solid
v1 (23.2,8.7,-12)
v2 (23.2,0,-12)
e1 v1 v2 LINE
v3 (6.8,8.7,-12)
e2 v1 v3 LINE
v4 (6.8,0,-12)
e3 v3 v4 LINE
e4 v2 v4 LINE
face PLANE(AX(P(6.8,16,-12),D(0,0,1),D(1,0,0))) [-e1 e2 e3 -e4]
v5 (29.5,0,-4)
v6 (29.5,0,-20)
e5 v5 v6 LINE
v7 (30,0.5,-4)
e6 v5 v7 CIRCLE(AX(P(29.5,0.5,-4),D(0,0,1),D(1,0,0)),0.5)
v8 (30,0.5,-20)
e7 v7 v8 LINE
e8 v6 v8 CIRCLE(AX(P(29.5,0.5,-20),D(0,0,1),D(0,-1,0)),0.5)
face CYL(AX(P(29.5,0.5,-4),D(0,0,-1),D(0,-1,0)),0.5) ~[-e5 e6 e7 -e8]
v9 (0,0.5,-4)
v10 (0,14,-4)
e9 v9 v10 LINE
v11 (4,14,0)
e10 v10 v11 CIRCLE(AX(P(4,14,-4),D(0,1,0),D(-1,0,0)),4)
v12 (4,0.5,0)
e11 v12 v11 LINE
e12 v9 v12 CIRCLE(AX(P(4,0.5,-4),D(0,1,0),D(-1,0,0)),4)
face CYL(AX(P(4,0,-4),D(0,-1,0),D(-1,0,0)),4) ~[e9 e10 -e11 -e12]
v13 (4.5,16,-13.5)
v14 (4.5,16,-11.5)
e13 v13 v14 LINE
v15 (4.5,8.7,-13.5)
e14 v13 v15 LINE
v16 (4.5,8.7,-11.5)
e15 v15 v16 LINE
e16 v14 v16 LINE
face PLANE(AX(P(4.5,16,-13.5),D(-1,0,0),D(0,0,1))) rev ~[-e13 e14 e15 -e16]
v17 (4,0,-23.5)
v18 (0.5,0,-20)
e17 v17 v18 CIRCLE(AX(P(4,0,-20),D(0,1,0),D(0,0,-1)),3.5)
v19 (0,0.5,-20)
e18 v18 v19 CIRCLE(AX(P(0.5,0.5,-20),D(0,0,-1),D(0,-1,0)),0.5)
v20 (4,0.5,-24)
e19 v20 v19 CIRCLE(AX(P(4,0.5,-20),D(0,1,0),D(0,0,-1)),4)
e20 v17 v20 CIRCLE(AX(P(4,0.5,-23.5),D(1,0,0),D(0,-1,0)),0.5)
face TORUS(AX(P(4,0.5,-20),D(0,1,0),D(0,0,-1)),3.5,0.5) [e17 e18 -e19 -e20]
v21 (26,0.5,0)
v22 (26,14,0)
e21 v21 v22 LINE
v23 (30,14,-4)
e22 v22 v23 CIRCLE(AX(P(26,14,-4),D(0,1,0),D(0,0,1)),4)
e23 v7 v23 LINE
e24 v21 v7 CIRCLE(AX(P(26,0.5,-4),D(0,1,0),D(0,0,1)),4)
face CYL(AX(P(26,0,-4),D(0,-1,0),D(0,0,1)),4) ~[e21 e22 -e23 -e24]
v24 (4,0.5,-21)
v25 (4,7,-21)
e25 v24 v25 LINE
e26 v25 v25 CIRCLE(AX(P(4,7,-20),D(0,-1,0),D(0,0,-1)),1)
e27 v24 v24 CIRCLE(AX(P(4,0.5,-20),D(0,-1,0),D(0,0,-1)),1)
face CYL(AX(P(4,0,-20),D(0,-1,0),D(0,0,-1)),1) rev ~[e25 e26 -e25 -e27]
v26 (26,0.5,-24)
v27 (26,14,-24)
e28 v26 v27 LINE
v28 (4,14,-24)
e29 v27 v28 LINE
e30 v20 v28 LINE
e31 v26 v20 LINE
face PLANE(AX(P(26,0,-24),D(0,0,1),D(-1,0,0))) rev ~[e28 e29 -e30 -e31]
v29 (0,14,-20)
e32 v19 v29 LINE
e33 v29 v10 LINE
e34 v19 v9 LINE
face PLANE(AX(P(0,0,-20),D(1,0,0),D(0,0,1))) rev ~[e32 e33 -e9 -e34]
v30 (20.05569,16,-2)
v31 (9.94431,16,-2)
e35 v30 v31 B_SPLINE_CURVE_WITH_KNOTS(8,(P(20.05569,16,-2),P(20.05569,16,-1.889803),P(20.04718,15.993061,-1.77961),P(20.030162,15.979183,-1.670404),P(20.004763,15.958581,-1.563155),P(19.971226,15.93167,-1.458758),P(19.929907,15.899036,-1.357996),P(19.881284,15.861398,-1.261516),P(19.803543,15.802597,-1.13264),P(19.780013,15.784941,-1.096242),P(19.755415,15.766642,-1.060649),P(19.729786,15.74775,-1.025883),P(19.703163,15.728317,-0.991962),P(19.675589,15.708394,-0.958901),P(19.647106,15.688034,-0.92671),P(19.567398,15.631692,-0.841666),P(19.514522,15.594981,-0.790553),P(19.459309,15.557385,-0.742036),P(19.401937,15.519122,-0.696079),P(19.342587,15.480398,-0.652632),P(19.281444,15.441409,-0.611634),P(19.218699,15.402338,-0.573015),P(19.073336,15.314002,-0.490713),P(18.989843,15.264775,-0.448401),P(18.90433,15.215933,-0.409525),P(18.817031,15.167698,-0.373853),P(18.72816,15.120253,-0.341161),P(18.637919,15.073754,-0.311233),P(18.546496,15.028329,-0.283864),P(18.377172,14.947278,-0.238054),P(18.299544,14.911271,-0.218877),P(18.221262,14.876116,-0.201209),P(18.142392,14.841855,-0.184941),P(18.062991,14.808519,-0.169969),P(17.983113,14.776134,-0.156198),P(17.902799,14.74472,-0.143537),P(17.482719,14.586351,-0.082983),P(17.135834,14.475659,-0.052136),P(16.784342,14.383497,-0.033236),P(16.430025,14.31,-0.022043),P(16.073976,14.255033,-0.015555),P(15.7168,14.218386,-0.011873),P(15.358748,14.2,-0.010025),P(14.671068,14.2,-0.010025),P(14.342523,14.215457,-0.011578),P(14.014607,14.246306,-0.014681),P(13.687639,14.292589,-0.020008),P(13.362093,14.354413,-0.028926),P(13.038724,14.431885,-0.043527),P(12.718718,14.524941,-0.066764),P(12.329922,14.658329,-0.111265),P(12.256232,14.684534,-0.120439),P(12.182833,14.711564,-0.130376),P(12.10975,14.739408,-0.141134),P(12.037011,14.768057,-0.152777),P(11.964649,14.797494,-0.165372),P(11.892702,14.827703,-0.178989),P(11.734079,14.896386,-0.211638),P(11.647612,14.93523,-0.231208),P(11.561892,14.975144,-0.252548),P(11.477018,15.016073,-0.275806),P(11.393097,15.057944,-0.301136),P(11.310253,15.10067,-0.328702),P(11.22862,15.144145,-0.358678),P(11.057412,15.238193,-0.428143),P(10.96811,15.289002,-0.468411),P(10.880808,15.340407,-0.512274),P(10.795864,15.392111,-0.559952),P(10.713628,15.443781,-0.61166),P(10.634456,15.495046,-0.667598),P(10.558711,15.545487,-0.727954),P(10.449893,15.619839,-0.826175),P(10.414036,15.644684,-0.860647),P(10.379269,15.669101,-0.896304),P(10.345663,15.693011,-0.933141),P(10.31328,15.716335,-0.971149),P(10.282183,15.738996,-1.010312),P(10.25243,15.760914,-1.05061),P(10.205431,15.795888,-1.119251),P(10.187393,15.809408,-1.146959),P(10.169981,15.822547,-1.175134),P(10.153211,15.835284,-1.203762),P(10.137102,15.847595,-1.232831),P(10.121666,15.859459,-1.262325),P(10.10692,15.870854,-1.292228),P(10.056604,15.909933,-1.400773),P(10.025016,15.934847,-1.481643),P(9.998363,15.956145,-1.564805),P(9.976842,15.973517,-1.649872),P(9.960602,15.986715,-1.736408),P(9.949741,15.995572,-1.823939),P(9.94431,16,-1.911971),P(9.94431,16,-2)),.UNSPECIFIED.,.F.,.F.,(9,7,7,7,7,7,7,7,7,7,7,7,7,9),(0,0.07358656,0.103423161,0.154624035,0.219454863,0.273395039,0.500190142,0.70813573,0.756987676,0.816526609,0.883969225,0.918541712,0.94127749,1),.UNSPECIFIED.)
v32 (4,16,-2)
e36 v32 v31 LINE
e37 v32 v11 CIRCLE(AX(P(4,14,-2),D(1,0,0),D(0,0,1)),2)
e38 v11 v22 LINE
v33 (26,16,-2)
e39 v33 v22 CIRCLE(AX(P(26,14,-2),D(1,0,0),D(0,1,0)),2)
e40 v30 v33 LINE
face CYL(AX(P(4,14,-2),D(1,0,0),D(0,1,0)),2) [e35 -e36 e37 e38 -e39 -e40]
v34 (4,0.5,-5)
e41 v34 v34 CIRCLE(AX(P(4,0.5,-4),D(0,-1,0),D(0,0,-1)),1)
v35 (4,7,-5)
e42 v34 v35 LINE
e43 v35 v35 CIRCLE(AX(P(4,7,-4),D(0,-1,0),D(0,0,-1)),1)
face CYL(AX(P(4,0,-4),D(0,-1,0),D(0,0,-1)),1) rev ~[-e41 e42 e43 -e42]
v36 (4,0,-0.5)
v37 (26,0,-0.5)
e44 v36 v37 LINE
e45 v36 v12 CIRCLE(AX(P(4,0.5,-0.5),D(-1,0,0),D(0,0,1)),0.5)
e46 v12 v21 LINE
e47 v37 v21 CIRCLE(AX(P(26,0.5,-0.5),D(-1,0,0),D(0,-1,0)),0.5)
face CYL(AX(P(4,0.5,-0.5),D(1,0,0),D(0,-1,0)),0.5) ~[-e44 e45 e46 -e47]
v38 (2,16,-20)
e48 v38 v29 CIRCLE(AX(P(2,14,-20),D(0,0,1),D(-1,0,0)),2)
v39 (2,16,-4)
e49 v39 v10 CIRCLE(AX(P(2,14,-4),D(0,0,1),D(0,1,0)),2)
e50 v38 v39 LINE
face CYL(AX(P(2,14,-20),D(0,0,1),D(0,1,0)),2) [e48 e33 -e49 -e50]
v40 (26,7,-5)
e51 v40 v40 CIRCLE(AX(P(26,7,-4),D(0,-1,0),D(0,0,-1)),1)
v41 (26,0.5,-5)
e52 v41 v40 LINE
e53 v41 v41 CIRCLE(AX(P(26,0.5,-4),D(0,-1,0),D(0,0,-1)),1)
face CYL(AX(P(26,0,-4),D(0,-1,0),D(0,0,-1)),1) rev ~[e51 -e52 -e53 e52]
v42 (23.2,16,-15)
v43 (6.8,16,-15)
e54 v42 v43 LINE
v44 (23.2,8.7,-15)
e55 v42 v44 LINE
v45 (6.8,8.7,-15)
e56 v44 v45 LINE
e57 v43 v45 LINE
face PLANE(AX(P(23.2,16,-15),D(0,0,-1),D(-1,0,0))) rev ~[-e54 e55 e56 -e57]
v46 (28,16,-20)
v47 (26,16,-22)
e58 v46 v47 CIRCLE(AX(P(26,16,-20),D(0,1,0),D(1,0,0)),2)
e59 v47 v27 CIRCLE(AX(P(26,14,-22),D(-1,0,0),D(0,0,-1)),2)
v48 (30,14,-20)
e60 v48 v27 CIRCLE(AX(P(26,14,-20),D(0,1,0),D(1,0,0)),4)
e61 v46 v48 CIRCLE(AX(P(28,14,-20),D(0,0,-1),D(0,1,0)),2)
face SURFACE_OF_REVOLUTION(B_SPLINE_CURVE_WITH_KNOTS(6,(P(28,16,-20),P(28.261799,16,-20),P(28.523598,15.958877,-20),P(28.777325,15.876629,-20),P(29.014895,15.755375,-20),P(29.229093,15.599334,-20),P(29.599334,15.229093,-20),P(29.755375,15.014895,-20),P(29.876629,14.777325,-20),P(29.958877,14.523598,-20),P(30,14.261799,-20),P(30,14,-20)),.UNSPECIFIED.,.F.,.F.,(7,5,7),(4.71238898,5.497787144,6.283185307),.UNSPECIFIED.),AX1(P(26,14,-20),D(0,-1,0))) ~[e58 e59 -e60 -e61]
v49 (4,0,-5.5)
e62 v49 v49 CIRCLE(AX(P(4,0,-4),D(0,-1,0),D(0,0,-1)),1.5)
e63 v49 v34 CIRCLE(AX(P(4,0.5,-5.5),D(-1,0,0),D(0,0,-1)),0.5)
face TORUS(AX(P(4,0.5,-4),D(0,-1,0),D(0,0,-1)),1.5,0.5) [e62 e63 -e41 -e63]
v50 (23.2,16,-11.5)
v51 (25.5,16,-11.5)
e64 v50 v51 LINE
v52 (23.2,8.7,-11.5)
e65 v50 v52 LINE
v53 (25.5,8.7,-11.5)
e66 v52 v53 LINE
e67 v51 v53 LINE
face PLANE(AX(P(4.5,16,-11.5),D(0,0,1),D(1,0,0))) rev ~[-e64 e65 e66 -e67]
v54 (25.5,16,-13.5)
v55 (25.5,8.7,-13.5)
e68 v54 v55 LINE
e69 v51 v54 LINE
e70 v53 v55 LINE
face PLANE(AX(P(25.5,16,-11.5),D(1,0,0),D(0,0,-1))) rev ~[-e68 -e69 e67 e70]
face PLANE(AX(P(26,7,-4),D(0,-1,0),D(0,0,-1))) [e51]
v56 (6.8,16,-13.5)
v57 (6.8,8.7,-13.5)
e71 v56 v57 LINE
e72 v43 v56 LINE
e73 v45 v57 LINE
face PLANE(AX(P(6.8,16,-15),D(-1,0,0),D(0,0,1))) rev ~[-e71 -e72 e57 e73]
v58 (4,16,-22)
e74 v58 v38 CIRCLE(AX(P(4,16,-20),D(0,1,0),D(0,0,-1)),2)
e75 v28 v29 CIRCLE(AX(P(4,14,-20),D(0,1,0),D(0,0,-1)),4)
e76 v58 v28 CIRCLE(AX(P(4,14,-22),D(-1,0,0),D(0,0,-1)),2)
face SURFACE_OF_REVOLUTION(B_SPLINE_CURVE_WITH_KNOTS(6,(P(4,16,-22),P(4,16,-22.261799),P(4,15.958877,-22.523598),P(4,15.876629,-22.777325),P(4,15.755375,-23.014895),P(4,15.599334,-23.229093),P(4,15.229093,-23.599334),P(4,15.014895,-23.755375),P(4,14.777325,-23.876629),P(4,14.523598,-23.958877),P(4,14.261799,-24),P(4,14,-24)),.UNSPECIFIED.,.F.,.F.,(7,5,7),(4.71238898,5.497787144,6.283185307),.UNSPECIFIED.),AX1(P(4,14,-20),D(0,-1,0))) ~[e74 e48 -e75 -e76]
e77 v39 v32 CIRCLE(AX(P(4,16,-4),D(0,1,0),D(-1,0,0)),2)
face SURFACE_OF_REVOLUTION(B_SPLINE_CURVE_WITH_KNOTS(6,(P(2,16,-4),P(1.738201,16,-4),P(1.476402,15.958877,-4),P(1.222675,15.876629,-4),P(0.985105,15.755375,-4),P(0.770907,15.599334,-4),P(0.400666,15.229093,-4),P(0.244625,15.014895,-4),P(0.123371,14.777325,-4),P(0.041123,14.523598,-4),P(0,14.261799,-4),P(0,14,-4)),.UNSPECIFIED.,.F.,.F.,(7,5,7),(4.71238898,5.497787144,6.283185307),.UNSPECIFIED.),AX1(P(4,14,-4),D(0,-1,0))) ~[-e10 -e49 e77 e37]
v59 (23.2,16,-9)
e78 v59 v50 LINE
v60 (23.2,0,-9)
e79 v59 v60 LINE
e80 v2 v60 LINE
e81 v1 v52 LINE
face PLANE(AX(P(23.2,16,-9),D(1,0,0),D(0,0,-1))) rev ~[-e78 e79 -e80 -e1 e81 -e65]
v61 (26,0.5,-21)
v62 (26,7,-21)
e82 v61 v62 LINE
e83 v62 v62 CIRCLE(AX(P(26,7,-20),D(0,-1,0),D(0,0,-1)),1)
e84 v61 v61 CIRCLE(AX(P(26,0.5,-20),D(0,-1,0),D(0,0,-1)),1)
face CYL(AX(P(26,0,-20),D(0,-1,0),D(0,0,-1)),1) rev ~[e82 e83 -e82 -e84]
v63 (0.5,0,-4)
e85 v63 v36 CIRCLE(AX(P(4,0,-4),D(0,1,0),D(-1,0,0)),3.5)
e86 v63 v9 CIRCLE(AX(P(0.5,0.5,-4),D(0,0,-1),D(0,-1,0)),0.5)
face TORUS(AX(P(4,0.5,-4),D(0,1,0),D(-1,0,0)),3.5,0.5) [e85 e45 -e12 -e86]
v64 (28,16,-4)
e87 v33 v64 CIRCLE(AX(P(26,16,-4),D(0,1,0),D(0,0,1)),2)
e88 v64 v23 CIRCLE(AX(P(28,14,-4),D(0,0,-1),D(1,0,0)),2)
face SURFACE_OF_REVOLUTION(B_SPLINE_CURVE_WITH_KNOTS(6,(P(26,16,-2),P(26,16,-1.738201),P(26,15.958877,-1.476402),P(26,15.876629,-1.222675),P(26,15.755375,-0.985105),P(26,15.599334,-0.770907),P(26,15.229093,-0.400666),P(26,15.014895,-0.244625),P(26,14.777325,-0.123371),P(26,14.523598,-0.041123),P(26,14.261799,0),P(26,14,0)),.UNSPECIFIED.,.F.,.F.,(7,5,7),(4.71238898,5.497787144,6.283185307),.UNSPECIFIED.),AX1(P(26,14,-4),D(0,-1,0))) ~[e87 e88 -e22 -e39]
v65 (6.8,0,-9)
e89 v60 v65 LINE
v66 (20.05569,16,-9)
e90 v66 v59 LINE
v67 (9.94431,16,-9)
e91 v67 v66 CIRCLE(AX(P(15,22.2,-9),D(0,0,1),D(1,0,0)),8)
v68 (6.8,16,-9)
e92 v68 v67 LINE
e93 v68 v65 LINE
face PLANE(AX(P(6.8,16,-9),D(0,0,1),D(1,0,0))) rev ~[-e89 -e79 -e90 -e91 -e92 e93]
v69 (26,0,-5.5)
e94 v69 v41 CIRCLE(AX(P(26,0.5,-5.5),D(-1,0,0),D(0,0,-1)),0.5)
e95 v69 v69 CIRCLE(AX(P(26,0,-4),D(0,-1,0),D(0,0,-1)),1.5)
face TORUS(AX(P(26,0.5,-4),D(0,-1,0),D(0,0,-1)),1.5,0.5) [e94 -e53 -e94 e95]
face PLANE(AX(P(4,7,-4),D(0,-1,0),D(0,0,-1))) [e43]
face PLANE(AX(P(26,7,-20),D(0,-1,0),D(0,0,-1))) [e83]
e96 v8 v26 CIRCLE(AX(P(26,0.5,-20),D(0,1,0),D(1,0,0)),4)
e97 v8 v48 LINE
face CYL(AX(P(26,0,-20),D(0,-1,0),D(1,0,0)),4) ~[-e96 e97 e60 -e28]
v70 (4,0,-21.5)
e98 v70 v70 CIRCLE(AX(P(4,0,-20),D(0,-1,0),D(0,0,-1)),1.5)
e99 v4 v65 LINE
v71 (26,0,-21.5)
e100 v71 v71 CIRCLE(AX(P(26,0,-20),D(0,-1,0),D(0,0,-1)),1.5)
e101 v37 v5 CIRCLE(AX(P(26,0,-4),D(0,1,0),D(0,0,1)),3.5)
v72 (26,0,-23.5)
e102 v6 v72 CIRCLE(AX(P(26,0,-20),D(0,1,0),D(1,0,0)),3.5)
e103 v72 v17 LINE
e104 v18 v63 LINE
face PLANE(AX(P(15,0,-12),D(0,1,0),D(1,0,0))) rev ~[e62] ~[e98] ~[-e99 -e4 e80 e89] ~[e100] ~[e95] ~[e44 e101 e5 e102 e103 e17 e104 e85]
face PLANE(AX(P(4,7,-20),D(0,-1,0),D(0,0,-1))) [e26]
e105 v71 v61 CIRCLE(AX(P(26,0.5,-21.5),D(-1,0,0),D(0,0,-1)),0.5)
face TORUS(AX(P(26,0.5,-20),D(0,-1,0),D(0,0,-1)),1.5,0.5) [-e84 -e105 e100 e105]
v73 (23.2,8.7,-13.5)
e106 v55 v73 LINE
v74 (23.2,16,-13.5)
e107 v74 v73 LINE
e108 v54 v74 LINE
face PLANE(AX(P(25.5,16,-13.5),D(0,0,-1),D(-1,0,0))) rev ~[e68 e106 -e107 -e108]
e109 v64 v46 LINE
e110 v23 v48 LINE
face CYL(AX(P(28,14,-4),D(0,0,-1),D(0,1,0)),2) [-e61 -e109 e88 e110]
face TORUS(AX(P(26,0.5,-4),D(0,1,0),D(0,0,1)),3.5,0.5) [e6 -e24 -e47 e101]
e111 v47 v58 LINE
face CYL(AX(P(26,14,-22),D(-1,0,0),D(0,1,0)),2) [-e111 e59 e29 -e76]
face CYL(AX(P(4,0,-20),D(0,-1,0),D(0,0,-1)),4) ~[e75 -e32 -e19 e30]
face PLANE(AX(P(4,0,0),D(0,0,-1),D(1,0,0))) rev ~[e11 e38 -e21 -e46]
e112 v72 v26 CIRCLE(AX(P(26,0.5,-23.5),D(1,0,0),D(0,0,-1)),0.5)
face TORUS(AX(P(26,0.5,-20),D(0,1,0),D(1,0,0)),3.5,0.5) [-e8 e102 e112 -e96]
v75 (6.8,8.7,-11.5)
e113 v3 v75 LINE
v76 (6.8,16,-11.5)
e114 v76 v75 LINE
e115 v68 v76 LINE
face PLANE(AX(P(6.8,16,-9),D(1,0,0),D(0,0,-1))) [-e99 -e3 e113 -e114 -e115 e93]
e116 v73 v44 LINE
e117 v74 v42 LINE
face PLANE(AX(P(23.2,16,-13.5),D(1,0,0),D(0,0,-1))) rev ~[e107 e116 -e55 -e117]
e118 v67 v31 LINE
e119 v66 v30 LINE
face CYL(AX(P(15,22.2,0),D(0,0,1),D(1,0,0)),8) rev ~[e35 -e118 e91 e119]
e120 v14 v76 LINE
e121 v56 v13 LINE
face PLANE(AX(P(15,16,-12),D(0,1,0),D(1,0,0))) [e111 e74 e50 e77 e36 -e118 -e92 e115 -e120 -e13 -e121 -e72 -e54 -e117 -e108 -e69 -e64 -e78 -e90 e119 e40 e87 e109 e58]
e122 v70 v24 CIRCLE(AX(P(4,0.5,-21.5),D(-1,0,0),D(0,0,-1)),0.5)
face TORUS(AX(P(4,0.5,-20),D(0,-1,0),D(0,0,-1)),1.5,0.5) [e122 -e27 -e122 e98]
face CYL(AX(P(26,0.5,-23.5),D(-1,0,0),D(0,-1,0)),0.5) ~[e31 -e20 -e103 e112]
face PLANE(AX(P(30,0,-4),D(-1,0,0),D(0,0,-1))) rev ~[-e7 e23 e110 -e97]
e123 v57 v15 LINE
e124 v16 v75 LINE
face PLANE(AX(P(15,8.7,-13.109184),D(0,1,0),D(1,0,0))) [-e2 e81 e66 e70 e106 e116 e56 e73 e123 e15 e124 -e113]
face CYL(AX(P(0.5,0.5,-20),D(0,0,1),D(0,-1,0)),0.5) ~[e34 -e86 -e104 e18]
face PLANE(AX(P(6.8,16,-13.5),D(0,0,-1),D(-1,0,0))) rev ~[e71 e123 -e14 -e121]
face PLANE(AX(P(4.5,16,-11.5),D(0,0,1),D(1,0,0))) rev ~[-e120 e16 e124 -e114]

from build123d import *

# Parameters (mm, degrees)
EXTRUDE_1_DEPTH     = 16
SKETCH_6_R          = 1
CUT_EXTRUDE_5_DEPTH = 7
FILLET_2_R          = 0.5
FILLET_1_R          = 2
CUT_EXTRUDE_1_REACH = 43.617
SKETCH_3_W          = 16.4
SKETCH_3_H          = 3
CUT_EXTRUDE_6_DEPTH = 7.3
CUT_EXTRUDE_7_REACH = 43.617
SKETCH_8_R          = 8


with BuildPart() as part:
    # Эскиз1 → Бобышка-Вытянуть1 (new body)
    with BuildSketch(Plane(origin=(0, 0, 0), x_dir=(1, 0, 0), z_dir=(0, 1, 0))):
        with BuildLine():
            Line((4, 0), (26, 0))
            ThreePointArc((26, 0), (28.828427125, 1.171572875), (30, 4))
            Line((30, 4), (30, 20))
            ThreePointArc((30, 20), (28.828427125, 22.828427125), (26, 24))
            Line((26, 24), (4, 24))
            ThreePointArc((4, 24), (1.171572875, 22.828427125), (0, 20))
            Line((0, 20), (0, 4))
            ThreePointArc((0, 4), (1.171572875, 1.171572875), (4, 0))
        make_face()
    extrude(amount=EXTRUDE_1_DEPTH)

    # Эскиз6 → Вырез-Вытянуть5 (cut)
    with BuildSketch(Plane.XZ):
        with Locations(Location((4, -4, 0), (0, 0, 270))):
            Circle(SKETCH_6_R)
        with Locations(Location((26, -4, 0), (0, 0, 270))):
            Circle(SKETCH_6_R)
        with Locations(Location((26, -20, 0), (0, 0, 270))):
            Circle(SKETCH_6_R)
        with Locations(Location((4, -20, 0), (0, 0, 270))):
            Circle(SKETCH_6_R)
    extrude(amount=-CUT_EXTRUDE_5_DEPTH, mode=Mode.SUBTRACT)

    # Скругление2
    fillet_2_edges = [part.edges().sort_by_distance(p)[0] for p in [
        (0, 0, -12),
        (1.171572875, 0, -22.828427125),
        (15, 0, -24),
        (28.828427125, 0, -22.828427125),
        (4, 0, -19),
        (26, 0, -19),
        (26, 0, -3),
        (4, 0, -3),
        (30, 0, -12),
        (28.828427125, 0, -1.171572875),
        (15, 0, 0),
        (1.171572875, 0, -1.171572875),
    ]]
    fillet(fillet_2_edges, radius=FILLET_2_R)

    # Скругление1
    fillet_1_edges = [part.edges().sort_by_distance(p)[0] for p in [
        (1.171572875, 16, -22.828427125),
        (0, 16, -12),
        (1.171572875, 16, -1.171572875),
        (15, 16, 0),
        (28.828427125, 16, -1.171572875),
        (30, 16, -12),
        (28.828427125, 16, -22.828427125),
        (15, 16, -24),
    ]]
    fillet(fillet_1_edges, radius=FILLET_1_R)

    # Эскиз3 → Вырез-Вытянуть1 (cut, up to next)
    with BuildSketch(Plane(origin=(0, 16, 0), x_dir=(1, 0, 0), z_dir=(0, 1, 0)), mode=Mode.PRIVATE) as cut_extrude_1_sk1:
        with Locations((15, 10.5)):
            Rectangle(SKETCH_3_W, SKETCH_3_H)
    cut_extrude_1_tool1 = extrude(cut_extrude_1_sk1.sketch, amount=-CUT_EXTRUDE_1_REACH, mode=Mode.PRIVATE) & part.part
    add(cut_extrude_1_tool1.solids().sort_by_distance((15, 16, -10.5))[0], mode=Mode.SUBTRACT)

    # Эскиз7 → Вырез-Вытянуть6 (cut)
    with BuildSketch(Plane(origin=(0, 16, 0), x_dir=(1, 0, 0), z_dir=(0, 1, 0))):
        Polygon((4.5, 11.5), (25.5, 11.5), (25.5, 13.5), (23.2, 13.5), (23.2, 15), (6.8, 15), (6.8, 13.5), (4.5, 13.5), align=None)
    extrude(amount=-CUT_EXTRUDE_6_DEPTH, mode=Mode.SUBTRACT)

    # Эскиз8 → Вырез-Вытянуть7 (cut, up to next)
    with BuildSketch(Plane.XY, mode=Mode.PRIVATE) as cut_extrude_7_sk1:
        with Locations((15, 22.2)):
            Circle(SKETCH_8_R)
    cut_extrude_7_tool1 = extrude(cut_extrude_7_sk1.sketch, amount=-CUT_EXTRUDE_7_REACH, mode=Mode.PRIVATE) & part.part
    add(cut_extrude_7_tool1.solids().sort_by_distance((15, 22.2, 0))[0], mode=Mode.SUBTRACT)


solid = part.part
